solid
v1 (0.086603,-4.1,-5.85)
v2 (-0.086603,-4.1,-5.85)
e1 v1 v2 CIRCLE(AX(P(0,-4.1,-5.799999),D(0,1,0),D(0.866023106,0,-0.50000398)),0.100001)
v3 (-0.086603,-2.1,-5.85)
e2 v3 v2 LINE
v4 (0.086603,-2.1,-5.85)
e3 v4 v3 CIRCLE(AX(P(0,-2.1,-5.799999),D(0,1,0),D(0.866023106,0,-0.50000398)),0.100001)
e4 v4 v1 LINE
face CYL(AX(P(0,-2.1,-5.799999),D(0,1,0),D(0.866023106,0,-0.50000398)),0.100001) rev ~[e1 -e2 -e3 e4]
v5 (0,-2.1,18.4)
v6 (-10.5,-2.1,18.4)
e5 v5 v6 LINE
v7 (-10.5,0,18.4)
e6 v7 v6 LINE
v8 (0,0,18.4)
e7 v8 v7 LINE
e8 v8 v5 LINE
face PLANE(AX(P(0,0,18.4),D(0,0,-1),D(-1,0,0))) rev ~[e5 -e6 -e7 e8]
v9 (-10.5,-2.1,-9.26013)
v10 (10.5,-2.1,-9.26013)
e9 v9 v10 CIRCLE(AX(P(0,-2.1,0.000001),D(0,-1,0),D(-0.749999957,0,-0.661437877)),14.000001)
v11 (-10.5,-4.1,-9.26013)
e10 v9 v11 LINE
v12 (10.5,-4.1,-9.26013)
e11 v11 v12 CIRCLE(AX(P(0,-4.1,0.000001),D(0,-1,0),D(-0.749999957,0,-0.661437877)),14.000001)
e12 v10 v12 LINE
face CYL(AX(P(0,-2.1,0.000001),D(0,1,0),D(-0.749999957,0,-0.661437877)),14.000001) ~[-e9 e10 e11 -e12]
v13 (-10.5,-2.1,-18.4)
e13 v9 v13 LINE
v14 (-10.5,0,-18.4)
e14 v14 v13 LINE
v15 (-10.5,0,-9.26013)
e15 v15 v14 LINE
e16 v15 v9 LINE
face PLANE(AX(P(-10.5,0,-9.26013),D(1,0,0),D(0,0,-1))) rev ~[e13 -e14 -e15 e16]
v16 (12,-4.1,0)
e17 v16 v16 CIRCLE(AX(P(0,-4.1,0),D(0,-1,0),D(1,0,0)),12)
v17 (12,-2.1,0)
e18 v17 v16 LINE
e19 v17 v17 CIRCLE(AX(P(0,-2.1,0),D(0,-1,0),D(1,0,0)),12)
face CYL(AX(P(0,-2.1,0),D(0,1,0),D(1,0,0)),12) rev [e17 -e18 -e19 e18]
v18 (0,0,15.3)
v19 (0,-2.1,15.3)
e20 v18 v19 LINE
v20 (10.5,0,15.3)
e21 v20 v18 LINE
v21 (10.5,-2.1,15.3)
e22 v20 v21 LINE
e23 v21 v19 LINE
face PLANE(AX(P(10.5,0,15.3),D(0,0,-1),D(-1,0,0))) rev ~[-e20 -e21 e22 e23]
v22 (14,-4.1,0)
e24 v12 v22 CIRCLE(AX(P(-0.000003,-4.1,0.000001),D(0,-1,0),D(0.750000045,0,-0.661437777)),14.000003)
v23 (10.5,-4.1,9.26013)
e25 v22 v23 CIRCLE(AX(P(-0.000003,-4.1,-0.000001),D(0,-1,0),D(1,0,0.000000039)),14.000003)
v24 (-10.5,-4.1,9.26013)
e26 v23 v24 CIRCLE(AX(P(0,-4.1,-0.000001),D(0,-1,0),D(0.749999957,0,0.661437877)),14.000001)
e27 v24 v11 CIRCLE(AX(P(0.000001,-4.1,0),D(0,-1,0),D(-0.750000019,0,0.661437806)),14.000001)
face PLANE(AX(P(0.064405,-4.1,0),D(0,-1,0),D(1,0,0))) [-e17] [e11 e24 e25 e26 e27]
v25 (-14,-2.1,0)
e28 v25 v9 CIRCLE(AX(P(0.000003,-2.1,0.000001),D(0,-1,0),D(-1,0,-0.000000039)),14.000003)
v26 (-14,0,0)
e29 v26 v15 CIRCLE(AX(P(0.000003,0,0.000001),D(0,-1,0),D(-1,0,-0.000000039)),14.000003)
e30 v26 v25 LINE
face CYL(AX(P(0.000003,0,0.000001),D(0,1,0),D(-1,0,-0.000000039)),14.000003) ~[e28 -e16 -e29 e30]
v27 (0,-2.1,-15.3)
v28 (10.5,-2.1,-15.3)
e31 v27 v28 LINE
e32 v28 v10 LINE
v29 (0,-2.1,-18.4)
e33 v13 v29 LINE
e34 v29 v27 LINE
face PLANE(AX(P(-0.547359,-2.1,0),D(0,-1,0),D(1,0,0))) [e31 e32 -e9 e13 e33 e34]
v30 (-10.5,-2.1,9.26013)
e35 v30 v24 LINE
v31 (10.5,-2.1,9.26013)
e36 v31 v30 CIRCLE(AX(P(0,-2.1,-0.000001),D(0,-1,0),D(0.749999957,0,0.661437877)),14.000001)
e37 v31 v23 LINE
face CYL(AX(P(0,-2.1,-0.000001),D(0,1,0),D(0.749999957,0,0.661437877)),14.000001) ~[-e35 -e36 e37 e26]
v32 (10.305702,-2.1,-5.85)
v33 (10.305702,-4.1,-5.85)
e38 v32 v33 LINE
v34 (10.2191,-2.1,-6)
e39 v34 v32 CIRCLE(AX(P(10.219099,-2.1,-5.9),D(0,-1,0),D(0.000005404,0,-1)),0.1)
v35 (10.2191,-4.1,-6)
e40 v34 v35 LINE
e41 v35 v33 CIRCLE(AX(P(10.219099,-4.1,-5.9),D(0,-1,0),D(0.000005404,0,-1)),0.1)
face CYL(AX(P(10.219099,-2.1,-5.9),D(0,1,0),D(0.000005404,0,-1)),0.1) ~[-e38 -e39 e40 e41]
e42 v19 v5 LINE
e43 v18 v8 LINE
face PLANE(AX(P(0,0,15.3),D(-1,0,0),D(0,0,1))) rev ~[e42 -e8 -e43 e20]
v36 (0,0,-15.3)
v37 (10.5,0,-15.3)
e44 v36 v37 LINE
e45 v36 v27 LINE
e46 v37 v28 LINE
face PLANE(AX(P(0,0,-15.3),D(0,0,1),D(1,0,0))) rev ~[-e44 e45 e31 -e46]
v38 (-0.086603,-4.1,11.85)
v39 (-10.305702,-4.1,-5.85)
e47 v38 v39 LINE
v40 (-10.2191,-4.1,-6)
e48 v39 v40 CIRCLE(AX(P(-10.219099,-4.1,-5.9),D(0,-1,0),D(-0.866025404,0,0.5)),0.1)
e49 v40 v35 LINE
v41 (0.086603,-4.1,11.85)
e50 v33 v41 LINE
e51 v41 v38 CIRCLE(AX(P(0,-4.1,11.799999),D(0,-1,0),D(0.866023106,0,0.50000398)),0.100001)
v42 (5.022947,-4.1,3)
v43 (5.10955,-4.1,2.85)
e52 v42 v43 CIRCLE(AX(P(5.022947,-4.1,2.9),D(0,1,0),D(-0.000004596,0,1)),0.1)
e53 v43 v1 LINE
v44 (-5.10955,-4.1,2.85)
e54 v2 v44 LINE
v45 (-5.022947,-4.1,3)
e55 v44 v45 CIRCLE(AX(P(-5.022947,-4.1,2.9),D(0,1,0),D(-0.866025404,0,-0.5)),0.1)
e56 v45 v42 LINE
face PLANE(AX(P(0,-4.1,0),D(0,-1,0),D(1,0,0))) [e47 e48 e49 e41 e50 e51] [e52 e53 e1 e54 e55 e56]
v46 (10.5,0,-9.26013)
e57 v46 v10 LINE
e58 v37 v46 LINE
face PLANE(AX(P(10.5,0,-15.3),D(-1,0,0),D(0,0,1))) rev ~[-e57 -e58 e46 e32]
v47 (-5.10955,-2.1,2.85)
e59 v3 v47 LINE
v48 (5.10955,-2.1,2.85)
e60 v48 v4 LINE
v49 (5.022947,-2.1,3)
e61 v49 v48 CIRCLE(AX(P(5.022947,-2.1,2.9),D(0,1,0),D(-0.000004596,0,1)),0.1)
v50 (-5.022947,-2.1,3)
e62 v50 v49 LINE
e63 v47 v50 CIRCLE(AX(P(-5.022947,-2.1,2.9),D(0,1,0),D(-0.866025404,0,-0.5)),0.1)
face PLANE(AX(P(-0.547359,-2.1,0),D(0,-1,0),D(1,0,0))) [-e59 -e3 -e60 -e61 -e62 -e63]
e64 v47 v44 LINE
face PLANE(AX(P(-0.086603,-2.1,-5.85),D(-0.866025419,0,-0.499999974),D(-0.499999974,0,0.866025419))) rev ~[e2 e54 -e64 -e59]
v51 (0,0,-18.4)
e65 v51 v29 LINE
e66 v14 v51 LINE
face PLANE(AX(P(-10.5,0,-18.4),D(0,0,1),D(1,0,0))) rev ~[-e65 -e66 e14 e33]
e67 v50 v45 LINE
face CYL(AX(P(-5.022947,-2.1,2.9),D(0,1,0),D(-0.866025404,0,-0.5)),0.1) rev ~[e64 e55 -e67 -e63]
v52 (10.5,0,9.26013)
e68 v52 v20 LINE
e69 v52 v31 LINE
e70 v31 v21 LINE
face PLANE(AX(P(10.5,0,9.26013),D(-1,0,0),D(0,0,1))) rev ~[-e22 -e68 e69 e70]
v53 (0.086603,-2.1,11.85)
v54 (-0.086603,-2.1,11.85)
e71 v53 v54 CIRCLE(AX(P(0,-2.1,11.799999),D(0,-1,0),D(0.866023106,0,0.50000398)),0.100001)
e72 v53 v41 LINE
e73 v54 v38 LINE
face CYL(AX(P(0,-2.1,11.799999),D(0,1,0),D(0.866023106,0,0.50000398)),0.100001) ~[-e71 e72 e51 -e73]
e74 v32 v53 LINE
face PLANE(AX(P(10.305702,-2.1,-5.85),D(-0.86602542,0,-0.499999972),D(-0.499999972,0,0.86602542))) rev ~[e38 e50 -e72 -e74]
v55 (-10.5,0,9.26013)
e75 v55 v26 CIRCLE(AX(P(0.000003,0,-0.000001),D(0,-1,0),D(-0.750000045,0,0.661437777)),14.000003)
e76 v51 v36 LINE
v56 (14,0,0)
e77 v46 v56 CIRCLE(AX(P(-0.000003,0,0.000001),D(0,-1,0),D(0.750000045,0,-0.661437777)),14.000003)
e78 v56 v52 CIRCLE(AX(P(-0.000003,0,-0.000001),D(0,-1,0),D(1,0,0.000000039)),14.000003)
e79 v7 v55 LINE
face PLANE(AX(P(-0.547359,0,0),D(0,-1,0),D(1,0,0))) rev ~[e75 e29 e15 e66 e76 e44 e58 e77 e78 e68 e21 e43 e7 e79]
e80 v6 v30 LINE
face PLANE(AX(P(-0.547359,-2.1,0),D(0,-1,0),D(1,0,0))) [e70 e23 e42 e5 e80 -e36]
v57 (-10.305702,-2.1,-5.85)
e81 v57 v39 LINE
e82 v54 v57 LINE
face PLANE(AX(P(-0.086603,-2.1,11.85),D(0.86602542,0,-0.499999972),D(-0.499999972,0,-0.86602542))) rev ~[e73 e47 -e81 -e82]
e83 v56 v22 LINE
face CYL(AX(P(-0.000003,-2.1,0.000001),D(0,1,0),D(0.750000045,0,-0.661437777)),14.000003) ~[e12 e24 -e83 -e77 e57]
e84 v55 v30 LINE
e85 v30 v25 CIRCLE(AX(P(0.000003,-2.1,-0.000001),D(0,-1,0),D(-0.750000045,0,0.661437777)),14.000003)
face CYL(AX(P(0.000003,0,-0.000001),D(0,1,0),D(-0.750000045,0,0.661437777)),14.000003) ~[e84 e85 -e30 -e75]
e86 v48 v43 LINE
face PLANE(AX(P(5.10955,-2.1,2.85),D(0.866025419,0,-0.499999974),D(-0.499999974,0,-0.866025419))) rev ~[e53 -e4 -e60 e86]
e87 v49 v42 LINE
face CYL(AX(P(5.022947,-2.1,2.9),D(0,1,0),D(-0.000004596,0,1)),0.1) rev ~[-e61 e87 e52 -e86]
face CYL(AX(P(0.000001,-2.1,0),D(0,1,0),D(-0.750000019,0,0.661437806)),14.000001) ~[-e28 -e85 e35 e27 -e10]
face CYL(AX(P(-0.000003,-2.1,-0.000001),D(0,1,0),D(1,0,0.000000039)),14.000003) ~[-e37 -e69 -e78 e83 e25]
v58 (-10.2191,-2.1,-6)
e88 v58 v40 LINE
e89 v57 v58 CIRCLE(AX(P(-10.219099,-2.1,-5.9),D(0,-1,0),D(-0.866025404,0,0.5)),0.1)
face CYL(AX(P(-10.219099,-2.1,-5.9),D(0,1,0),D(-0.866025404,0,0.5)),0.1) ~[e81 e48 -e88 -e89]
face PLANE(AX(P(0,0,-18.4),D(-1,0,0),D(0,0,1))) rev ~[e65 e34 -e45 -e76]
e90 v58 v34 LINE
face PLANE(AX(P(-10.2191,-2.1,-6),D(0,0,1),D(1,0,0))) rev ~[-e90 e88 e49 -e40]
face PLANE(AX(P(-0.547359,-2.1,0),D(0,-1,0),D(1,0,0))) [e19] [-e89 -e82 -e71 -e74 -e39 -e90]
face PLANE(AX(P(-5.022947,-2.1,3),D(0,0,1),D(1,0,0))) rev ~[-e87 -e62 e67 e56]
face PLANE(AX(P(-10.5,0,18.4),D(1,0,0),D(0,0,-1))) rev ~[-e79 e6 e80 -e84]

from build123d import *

# Parameters (mm, degrees)
F1_DEPTH = 2.1
F2_R     = 12
F3_DEPTH = 2


with BuildPart() as f1:
    # F0 (on Front) → F1 (new body)
    with BuildSketch(Plane.XZ):
        with BuildLine():
            ThreePointArc((-10.5, 9.26013), (-13.095801, 4.949747), (-14, 0))
            ThreePointArc((-14, 0), (-13.095801, -4.949747), (-10.5, -9.26013))
            Line((-10.5, -9.26013), (-10.5, -18.4))
            Line((-10.5, -18.4), (0, -18.4))
            Line((0, -18.4), (0, -15.3))
            Line((0, -15.3), (10.5, -15.3))
            Line((10.5, -15.3), (10.5, -9.26013))
            ThreePointArc((10.5, -9.26013), (13.095801, -4.949747), (14, 0))
            ThreePointArc((14, 0), (13.095801, 4.949747), (10.5, 9.26013))
            Line((10.5, 9.26013), (10.5, 15.3))
            Line((10.5, 15.3), (0, 15.3))
            Line((0, 15.3), (0, 18.4))
            Line((0, 18.4), (-10.5, 18.4))
            Line((-10.5, 18.4), (-10.5, 9.26013))
        make_face()
    extrude(amount=F1_DEPTH)

    # F2 (on face) → F3 (join)
    with BuildSketch(Plane.XZ.offset(2.1)):
        with BuildLine():
            ThreePointArc((10.5, -9.26013), (13.095801, -4.949747), (14, 0))
            ThreePointArc((14, 0), (13.095801, 4.949747), (10.5, 9.26013))
            ThreePointArc((10.5, 9.26013), (0, 14), (-10.5, 9.26013))
            ThreePointArc((-10.5, 9.26013), (-14, 0), (-10.5, -9.26013))
            ThreePointArc((-10.5, -9.26013), (0, -14), (10.5, -9.26013))
        make_face()
        Circle(F2_R, mode=Mode.SUBTRACT)
        with BuildLine():
            Line((10.305702, -5.85), (0.086603, 11.85))
            ThreePointArc((0.086603, 11.85), (0, 11.9), (-0.086603, 11.85))
            Line((-0.086603, 11.85), (-10.305702, -5.85))
            ThreePointArc((-10.305702, -5.85), (-10.305702, -5.95), (-10.2191, -6))
            Line((-10.2191, -6), (10.2191, -6))
            ThreePointArc((10.2191, -6), (10.305702, -5.95), (10.305702, -5.85))
        make_face()
        with BuildLine():
            ThreePointArc((0.086603, -5.85), (0, -5.9), (-0.086603, -5.85))
            Line((-0.086603, -5.85), (-5.10955, 2.85))
            ThreePointArc((-5.10955, 2.85), (-5.10955, 2.95), (-5.022947, 3))
            Line((-5.022947, 3), (5.022947, 3))
            ThreePointArc((5.022947, 3), (5.10955, 2.95), (5.10955, 2.85))
            Line((5.10955, 2.85), (0.086603, -5.85))
        make_face(mode=Mode.SUBTRACT)
    extrude(amount=F3_DEPTH)


solid = f1.part
